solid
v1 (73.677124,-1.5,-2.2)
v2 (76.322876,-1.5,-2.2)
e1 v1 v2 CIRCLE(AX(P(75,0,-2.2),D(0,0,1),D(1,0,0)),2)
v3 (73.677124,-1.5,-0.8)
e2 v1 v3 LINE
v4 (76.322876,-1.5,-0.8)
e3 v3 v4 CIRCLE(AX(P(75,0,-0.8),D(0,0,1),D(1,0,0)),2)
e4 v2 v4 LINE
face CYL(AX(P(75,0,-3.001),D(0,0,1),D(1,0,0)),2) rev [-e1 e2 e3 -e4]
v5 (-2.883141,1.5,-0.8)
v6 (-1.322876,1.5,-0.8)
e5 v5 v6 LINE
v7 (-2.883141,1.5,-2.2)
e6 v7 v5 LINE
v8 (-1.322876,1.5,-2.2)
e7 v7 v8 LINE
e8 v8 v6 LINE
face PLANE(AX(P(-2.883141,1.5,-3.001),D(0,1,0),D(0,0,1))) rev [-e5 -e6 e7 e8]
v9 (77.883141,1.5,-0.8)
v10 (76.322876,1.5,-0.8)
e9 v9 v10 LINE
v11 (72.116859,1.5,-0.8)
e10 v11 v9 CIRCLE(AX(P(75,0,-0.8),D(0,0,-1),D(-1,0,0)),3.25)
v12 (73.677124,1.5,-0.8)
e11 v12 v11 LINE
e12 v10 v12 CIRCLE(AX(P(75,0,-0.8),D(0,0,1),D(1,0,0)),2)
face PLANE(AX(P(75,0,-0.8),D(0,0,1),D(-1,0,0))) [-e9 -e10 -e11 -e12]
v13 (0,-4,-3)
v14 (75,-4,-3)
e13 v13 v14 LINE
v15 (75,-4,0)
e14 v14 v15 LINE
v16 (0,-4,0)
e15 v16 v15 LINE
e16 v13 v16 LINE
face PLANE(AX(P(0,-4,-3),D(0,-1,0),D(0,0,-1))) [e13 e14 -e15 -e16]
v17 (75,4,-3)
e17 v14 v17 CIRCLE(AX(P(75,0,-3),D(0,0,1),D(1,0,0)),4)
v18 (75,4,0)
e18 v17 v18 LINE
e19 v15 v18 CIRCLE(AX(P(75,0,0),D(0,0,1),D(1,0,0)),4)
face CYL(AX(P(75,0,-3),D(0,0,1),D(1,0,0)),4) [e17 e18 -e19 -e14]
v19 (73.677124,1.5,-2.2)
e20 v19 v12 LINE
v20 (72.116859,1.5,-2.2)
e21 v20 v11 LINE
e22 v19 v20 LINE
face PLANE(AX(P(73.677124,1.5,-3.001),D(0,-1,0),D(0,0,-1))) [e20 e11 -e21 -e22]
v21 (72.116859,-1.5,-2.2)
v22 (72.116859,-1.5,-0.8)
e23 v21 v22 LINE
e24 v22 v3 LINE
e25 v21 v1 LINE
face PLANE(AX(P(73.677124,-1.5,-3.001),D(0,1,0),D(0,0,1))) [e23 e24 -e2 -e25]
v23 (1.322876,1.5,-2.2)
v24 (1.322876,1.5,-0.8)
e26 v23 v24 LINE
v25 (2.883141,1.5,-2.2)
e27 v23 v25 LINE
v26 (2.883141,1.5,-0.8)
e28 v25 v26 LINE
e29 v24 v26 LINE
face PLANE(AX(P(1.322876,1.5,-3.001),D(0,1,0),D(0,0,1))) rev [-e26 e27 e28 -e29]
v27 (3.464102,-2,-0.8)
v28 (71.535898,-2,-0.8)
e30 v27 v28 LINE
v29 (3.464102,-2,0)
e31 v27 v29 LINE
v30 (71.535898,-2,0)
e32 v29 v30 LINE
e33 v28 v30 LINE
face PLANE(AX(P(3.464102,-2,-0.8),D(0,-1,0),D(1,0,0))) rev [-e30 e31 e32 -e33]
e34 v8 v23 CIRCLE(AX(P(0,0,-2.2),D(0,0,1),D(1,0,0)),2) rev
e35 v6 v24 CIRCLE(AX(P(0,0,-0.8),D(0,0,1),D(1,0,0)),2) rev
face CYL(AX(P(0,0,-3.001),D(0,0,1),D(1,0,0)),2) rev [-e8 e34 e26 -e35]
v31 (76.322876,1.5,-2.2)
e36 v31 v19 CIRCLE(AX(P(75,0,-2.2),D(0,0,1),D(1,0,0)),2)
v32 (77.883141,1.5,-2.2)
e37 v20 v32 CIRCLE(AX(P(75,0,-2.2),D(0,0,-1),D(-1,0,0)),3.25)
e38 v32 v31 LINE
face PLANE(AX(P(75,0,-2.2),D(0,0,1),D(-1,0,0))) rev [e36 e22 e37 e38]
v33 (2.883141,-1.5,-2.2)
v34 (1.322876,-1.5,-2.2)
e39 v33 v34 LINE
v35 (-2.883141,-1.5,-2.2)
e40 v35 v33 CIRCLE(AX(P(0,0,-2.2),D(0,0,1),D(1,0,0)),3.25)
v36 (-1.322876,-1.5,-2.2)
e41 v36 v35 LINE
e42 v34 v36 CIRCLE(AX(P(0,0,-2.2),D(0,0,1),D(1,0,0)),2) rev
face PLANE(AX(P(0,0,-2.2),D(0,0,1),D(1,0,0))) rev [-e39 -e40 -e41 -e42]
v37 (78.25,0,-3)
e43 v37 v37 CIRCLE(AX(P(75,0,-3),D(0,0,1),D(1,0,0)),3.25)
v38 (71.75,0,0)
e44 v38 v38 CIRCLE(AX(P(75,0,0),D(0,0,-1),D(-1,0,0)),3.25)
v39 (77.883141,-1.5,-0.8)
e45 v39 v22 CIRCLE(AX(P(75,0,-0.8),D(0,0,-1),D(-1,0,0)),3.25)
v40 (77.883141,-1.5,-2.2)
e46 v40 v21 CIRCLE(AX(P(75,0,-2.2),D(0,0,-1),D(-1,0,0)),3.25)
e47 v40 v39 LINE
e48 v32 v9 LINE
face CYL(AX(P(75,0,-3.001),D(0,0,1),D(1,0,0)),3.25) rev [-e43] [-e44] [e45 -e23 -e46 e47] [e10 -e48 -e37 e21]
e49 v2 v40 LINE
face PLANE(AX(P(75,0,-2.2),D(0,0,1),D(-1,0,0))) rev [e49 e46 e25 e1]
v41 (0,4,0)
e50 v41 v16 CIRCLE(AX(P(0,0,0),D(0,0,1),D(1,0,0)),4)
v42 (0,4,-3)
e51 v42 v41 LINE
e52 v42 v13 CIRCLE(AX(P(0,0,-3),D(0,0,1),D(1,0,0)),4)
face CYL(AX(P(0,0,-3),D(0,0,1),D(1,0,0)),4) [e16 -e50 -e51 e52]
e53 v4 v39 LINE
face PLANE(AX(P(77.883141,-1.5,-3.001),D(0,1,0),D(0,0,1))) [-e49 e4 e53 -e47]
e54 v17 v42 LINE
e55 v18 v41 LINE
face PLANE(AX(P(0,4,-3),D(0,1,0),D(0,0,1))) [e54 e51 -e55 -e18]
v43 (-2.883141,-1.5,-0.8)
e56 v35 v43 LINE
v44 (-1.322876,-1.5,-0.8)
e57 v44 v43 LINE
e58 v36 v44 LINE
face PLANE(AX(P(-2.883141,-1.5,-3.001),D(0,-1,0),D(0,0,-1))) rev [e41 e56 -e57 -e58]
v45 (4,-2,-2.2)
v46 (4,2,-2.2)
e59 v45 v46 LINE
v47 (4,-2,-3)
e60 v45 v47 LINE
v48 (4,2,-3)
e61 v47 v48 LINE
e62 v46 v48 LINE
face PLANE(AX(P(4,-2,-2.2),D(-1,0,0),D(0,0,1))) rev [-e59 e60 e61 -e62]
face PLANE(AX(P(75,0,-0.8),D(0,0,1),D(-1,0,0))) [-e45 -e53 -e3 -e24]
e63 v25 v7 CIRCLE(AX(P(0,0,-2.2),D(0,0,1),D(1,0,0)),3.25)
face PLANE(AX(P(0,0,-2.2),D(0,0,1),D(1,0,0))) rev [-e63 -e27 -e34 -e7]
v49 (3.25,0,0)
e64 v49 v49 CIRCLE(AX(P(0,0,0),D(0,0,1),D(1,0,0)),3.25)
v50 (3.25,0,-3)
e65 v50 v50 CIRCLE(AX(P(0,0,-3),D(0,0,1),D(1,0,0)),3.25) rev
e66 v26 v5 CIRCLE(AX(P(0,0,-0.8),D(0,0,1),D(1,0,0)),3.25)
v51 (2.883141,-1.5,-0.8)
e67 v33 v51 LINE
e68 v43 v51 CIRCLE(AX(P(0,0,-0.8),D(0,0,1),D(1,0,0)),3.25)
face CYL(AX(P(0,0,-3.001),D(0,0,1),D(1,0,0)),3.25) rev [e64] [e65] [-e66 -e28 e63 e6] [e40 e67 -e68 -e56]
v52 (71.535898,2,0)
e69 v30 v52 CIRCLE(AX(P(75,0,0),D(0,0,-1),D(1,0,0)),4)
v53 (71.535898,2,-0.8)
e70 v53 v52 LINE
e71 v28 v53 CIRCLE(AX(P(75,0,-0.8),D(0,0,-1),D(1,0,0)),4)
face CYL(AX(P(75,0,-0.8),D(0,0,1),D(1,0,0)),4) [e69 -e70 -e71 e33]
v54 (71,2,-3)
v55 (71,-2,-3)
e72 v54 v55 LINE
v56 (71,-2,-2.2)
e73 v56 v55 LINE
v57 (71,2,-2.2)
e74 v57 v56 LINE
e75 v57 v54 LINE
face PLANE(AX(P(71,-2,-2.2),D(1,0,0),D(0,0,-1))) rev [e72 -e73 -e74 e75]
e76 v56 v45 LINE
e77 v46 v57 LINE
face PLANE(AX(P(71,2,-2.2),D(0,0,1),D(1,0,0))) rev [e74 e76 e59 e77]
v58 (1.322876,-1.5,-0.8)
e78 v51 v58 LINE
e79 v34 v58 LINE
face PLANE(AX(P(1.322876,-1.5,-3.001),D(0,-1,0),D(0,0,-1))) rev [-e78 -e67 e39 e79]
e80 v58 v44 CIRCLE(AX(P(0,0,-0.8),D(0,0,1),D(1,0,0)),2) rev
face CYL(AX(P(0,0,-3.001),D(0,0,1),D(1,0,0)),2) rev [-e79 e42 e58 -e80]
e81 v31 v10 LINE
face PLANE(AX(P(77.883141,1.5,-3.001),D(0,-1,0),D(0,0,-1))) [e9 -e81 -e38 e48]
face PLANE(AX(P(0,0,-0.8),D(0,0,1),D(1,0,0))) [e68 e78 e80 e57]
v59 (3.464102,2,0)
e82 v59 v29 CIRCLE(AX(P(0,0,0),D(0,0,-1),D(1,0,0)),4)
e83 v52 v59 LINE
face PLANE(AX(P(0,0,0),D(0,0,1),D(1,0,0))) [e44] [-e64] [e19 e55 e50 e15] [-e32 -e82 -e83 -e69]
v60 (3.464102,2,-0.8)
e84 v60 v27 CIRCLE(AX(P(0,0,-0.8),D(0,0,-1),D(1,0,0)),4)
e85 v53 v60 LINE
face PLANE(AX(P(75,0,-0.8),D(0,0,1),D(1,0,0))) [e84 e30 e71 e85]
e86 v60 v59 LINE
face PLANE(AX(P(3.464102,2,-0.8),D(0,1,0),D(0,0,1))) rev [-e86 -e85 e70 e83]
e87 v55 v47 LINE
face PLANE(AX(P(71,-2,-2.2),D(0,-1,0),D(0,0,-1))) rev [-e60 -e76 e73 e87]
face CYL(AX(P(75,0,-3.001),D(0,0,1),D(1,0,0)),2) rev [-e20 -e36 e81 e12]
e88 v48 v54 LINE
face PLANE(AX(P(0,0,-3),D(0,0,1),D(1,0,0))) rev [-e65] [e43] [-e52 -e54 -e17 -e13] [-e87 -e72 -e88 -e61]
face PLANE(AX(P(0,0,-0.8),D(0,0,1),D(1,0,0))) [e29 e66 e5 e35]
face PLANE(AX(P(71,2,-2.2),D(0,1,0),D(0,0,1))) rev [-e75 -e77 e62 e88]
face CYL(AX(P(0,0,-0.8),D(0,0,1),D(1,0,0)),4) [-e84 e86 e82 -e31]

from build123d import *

# Parameters (mm, degrees)
EXTRUDE_1_DEPTH     = 3
CUT_EXTRUDE_1_REACH = 81.158
SKETCH_3_R          = 3.25
CUT_EXTRUDE_2_DEPTH = 0.8
CUT_EXTRUDE_START   = -2.2
SKETCH_3_2_R        = 3.25
CUT_EXTRUDE_3_DEPTH = 0.8
CUT_EXTRUDE_4_DEPTH = 0.8
SKETCH_5_W          = 67
SKETCH_5_H          = 4
CUT_EXTRUDE_5_DEPTH = 0.8


with BuildPart() as part:
    # 草图1 → 凸台-拉伸1 (new body)
    with BuildSketch(Plane.XY):
        with BuildLine():
            Line((0, 4), (75, 4))
            ThreePointArc((75, 4), (79, 0), (75, -4))
            Line((75, -4), (0, -4))
            ThreePointArc((0, -4), (-4, 0), (0, 4))
        make_face()
    extrude(amount=-EXTRUDE_1_DEPTH)

    # 草图2 → 切除-拉伸1 (cut, up to next)
    with BuildSketch(Plane.XY, mode=Mode.PRIVATE) as cut_extrude_1_sk1:
        with BuildLine():
            Line((1.322875656, -1.5), (2.883140649, -1.5))
            ThreePointArc((2.883140649, -1.5), (3.25, 0), (2.883140649, 1.5))
            Line((2.883140649, 1.5), (1.322875656, 1.5))
            ThreePointArc((1.322875656, 1.5), (0, 2), (-1.322875656, 1.5))
            Line((-1.322875656, 1.5), (-2.883140649, 1.5))
            ThreePointArc((-2.883140649, 1.5), (-3.25, 0), (-2.883140649, -1.5))
            Line((-2.883140649, -1.5), (-1.322875656, -1.5))
            ThreePointArc((-1.322875656, -1.5), (0, -2), (1.322875656, -1.5))
        make_face()
    cut_extrude_1_tool1 = extrude(cut_extrude_1_sk1.sketch, amount=-CUT_EXTRUDE_1_REACH, mode=Mode.PRIVATE) & part.part
    cut_extrude_1 = cut_extrude_1_tool1.solids().sort_by_distance((0, 0, 0))[0]
    add(cut_extrude_1, mode=Mode.SUBTRACT)

    # 草图3 → 切除-拉伸2 (cut)
    with BuildSketch(Plane.XY):
        Circle(SKETCH_3_R)
    cut_extrude_2 = extrude(amount=-CUT_EXTRUDE_2_DEPTH, mode=Mode.SUBTRACT)

    # 草图3<2> → 切除-拉伸3 (cut)
    with BuildSketch(Plane.XY.offset(CUT_EXTRUDE_START)):
        Circle(SKETCH_3_2_R)
    cut_extrude_3 = extrude(amount=-CUT_EXTRUDE_3_DEPTH, mode=Mode.SUBTRACT)

    # 镜向1: 切除-拉伸1, 切除-拉伸2, 切除-拉伸3 across plane
    add(cut_extrude_1.mirror(Plane(origin=(37.5, 0, 0), x_dir=(0, 0, 1), z_dir=(1, 0, 0))), mode=Mode.SUBTRACT)
    add(cut_extrude_2.mirror(Plane(origin=(37.5, 0, 0), x_dir=(0, 0, 1), z_dir=(1, 0, 0))), mode=Mode.SUBTRACT)
    add(cut_extrude_3.mirror(Plane(origin=(37.5, 0, 0), x_dir=(0, 0, 1), z_dir=(1, 0, 0))), mode=Mode.SUBTRACT)

    # 草图4 → 切除-拉伸4 (cut)
    with BuildSketch(Plane.XY):
        with BuildLine():
            Line((3.464101615, 2), (71.535898385, 2))
            ThreePointArc((71.535898385, 2), (71, 0), (71.535898385, -2))
            Line((71.535898385, -2), (3.464101615, -2))
            ThreePointArc((3.464101615, -2), (4, 0), (3.464101615, 2))
        make_face()
    extrude(amount=-CUT_EXTRUDE_4_DEPTH, mode=Mode.SUBTRACT)

    # 草图5 → 切除-拉伸5 (cut)
    with BuildSketch(Plane(origin=(0, 0, -3), x_dir=(-1, 0, 0), z_dir=(0, 0, -1))):
        with Locations((-37.5, 0)):
            Rectangle(SKETCH_5_W, SKETCH_5_H)
    extrude(amount=-CUT_EXTRUDE_5_DEPTH, mode=Mode.SUBTRACT)


solid = part.part
